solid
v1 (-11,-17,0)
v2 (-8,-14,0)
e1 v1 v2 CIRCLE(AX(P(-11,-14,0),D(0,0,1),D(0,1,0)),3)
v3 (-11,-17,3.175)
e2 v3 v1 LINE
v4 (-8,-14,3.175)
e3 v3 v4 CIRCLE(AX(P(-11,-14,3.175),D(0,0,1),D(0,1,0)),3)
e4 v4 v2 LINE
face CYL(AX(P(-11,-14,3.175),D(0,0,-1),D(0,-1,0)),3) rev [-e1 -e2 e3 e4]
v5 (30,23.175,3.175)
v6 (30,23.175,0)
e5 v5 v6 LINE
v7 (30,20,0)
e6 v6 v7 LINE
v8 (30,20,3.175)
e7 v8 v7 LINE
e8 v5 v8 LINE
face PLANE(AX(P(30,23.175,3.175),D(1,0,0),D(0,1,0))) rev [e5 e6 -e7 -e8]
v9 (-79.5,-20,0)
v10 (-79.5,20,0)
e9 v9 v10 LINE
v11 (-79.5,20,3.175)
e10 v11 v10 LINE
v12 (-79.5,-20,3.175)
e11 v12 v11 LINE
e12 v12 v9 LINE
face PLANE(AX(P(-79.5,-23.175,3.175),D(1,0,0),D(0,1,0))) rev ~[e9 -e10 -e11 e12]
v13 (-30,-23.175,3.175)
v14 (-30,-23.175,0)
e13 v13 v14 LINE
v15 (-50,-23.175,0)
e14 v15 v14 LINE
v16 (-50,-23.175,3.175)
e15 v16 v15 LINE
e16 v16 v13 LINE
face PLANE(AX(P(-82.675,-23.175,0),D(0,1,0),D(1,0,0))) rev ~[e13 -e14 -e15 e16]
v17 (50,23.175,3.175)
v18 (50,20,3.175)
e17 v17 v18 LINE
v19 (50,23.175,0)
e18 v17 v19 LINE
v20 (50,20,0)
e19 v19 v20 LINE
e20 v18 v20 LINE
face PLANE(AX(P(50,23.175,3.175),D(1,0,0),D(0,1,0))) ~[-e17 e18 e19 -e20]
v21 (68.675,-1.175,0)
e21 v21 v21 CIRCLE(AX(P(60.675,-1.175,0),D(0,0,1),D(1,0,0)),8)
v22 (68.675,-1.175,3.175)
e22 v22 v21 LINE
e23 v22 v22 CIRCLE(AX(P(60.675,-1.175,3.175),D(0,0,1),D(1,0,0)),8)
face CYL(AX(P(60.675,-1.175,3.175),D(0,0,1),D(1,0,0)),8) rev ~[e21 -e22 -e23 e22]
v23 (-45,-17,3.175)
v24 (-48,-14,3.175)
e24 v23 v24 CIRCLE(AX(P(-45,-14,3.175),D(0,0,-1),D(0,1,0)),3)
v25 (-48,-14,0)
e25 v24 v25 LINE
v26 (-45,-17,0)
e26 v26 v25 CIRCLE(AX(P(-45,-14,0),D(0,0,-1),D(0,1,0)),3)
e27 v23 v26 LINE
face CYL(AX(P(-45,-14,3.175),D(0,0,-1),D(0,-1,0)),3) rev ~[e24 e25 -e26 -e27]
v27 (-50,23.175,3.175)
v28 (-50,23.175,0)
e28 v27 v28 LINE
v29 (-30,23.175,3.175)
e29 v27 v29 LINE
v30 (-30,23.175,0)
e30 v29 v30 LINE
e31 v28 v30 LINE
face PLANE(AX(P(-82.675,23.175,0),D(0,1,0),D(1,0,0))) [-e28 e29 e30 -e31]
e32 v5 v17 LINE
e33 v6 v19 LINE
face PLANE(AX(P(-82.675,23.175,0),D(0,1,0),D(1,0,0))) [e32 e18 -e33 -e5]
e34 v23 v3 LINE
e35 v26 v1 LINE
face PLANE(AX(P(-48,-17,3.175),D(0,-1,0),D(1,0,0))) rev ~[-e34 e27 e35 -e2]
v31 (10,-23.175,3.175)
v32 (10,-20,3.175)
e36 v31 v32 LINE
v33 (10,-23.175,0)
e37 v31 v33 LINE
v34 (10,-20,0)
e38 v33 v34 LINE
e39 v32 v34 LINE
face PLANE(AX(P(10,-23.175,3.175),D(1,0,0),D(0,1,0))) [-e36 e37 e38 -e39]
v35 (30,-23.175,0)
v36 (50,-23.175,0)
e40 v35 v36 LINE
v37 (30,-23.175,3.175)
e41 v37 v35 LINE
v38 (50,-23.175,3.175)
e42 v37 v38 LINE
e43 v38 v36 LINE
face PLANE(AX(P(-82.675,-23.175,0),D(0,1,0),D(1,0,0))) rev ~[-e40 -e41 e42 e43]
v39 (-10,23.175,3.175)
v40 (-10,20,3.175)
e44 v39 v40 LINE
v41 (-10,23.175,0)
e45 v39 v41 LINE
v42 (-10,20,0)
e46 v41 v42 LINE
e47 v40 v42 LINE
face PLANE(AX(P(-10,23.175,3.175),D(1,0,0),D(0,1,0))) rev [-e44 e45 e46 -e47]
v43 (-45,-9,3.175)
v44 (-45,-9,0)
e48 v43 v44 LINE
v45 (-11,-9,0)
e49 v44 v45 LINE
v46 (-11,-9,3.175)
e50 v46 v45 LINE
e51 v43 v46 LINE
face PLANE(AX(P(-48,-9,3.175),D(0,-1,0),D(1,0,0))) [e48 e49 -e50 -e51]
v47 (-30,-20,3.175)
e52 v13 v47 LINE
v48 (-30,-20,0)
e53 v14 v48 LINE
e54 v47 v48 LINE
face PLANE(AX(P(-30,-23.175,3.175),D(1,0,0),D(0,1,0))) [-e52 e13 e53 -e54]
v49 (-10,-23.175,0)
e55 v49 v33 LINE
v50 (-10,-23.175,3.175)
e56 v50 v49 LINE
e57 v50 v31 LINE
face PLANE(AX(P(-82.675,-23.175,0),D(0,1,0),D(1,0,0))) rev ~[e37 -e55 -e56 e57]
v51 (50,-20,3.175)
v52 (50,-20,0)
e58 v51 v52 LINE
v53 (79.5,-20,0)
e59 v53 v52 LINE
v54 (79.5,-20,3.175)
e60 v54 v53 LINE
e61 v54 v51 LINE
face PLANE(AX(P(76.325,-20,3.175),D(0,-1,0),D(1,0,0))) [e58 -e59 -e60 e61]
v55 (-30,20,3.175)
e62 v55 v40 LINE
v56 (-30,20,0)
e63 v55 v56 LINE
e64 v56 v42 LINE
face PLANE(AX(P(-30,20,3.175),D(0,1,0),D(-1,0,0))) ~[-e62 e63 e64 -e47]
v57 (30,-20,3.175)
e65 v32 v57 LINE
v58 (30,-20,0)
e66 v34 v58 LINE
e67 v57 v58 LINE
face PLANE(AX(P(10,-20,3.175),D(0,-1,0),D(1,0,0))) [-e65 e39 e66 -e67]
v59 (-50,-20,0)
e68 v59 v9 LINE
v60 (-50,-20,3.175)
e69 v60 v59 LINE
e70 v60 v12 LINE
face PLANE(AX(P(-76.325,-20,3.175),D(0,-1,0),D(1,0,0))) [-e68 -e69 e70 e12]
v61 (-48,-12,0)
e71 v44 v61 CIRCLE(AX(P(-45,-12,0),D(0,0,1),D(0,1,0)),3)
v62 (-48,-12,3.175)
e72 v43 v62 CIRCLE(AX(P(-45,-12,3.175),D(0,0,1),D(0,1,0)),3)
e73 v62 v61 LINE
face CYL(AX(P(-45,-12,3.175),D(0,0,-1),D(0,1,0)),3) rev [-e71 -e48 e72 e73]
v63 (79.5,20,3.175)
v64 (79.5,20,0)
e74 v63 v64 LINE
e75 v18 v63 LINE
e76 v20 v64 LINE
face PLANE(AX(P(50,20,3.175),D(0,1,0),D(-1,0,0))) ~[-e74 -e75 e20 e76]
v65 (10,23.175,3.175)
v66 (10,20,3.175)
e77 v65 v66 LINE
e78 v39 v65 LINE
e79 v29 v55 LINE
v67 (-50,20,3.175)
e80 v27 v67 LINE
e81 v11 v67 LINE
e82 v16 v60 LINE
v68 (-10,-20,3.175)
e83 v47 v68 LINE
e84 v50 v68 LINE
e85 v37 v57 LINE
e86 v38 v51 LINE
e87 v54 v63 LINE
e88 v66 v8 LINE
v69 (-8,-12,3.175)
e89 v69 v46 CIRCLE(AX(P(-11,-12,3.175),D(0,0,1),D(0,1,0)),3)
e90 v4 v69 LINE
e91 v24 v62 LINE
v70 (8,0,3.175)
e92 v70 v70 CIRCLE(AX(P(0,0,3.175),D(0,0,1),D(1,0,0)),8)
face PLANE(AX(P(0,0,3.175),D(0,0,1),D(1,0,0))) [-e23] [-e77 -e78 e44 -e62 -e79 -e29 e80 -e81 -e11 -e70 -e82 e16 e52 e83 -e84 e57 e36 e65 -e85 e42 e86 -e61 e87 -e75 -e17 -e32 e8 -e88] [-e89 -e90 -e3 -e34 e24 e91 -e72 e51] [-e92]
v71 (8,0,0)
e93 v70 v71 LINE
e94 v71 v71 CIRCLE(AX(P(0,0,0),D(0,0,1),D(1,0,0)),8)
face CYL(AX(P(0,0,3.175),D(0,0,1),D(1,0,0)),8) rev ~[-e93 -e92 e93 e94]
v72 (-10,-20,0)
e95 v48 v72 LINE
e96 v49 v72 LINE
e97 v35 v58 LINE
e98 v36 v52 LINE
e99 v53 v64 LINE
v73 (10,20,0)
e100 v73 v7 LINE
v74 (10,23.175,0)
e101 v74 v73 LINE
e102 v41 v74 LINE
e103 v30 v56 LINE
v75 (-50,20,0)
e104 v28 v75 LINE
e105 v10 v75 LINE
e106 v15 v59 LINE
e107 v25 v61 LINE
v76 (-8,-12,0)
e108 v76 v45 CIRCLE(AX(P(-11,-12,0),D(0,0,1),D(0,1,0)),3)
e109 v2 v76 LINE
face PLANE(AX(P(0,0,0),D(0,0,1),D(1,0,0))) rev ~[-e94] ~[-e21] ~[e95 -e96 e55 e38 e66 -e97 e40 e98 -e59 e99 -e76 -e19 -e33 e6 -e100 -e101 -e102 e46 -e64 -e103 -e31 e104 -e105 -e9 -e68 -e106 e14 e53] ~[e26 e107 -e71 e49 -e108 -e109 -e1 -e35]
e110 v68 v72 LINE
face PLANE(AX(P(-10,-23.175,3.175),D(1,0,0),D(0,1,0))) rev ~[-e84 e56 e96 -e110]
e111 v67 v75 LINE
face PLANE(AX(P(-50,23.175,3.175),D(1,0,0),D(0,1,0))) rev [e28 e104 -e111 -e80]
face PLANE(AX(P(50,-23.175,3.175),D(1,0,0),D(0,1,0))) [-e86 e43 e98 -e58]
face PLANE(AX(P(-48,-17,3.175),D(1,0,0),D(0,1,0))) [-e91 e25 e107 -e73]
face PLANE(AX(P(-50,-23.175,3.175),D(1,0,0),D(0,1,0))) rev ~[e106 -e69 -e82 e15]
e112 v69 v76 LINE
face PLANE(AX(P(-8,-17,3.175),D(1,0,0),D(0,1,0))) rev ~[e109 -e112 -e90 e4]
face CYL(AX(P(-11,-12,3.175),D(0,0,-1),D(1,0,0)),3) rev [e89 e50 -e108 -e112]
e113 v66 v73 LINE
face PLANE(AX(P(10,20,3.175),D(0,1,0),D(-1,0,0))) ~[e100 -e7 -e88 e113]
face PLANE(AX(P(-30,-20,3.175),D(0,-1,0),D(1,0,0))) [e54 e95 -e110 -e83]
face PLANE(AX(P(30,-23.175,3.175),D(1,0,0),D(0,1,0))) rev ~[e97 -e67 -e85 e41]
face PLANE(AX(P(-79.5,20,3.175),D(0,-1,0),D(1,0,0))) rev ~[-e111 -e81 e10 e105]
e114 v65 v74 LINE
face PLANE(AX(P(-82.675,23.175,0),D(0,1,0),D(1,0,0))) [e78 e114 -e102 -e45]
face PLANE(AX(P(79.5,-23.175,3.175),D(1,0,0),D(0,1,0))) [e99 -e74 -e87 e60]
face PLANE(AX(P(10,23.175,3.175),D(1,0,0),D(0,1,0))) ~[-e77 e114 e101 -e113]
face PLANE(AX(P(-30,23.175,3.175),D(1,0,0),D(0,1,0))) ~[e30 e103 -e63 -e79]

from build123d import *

# Parameters (mm, degrees)
ESQUISSE1_W             = 165.35
ESQUISSE1_H             = 46.35
BOSS_EXTRU_1_DEPTH      = 3.175
ESQUISSE5_W             = 20
ESQUISSE5_H             = 3.175
ESQUISSE5_W_2           = 26.325
ENL_V_MAT_EXTRU_2_DEPTH = 86.920410119
ESQUISSE7_W             = 3.175
ESQUISSE7_H             = 46.35
ENL_V_MAT_EXTRU_4_DEPTH = 86.920410119
ESQUISSE8_W             = 3.175
ESQUISSE8_H             = 3.175
ENL_V_MAT_EXTRU_5_DEPTH = 83.869845239
ESQUISSE6_R             = 8
ENL_V_MAT_EXTRU_3_DEPTH = 83.869845239
ESQUISSE9_W             = 40
ESQUISSE9_H             = 8
ENL_V_MAT_EXTRU_6_DEPTH = 83.869845239
CONG_1_R                = 3


with BuildPart() as part:
    # Esquisse1 → Boss.-Extru.1 (new body)
    with BuildSketch(Plane.XY):
        Rectangle(ESQUISSE1_W, ESQUISSE1_H)
    extrude(amount=BOSS_EXTRU_1_DEPTH)

    # Esquisse5 → Enlèv. mat.-Extru.2 (cut, through all)
    with BuildSketch(Plane.XY.offset(3.175)):
        with Locations((-20, -21.5875)):
            Rectangle(ESQUISSE5_W, ESQUISSE5_H)
        with Locations((20, -21.5875)):
            Rectangle(ESQUISSE5_W, ESQUISSE5_H)
        with Locations((63.1625, -21.5875)):
            Rectangle(ESQUISSE5_W_2, ESQUISSE5_H)
        with Locations((-63.1625, -21.5875)):
            Rectangle(ESQUISSE5_W_2, ESQUISSE5_H)
    enl_v_mat_extru_2 = extrude(amount=-ENL_V_MAT_EXTRU_2_DEPTH, mode=Mode.SUBTRACT)

    # Symétrie2: Enlèv. mat.-Extru.2 across plane
    add(enl_v_mat_extru_2.mirror(Plane.ZX), mode=Mode.SUBTRACT)

    # Esquisse7 → Enlèv. mat.-Extru.4 (cut, through all)
    with BuildSketch(Plane.XY.offset(3.175)):
        with Locations((-81.0875, 0)):
            Rectangle(ESQUISSE7_W, ESQUISSE7_H)
        with Locations((81.0875, 0)):
            Rectangle(ESQUISSE7_W, ESQUISSE7_H)
    extrude(amount=-ENL_V_MAT_EXTRU_4_DEPTH, mode=Mode.SUBTRACT)

    # Esquisse8 → Enlèv. mat.-Extru.5 (cut, through all)
    with BuildSketch(Plane.XY.offset(3.175)):
        with Locations((-77.9125, 21.5875)):
            Rectangle(ESQUISSE8_W, ESQUISSE8_H)
        with Locations((-77.9125, -21.5875)):
            Rectangle(ESQUISSE8_W, ESQUISSE8_H)
        with Locations((77.9125, -21.5875)):
            Rectangle(ESQUISSE8_W, ESQUISSE8_H)
        with Locations((77.9125, 21.5875)):
            Rectangle(ESQUISSE8_W, ESQUISSE8_H)
    extrude(amount=-ENL_V_MAT_EXTRU_5_DEPTH, mode=Mode.SUBTRACT)

    # Esquisse6 → Enlèv. mat.-Extru.3 (cut, through all)
    with BuildSketch(Plane.XY.offset(3.175)):
        Circle(ESQUISSE6_R)
        with Locations((60.675, -1.175)):
            Circle(ESQUISSE6_R)
    extrude(amount=-ENL_V_MAT_EXTRU_3_DEPTH, mode=Mode.SUBTRACT)

    # Esquisse9 → Enlèv. mat.-Extru.6 (cut, through all)
    with BuildSketch(Plane.XY.offset(3.175)):
        with Locations((-28, -13)):
            Rectangle(ESQUISSE9_W, ESQUISSE9_H)
    extrude(amount=-ENL_V_MAT_EXTRU_6_DEPTH, mode=Mode.SUBTRACT)

    # Congé1
    cong_1_edges = [part.edges().sort_by_distance(p)[0] for p in [
        (-48, -17, 1.5875),
        (-48, -9, 1.5875),
        (-8, -9, 1.5875),
        (-8, -17, 1.5875),
    ]]
    fillet(cong_1_edges, radius=CONG_1_R)


solid = part.part
